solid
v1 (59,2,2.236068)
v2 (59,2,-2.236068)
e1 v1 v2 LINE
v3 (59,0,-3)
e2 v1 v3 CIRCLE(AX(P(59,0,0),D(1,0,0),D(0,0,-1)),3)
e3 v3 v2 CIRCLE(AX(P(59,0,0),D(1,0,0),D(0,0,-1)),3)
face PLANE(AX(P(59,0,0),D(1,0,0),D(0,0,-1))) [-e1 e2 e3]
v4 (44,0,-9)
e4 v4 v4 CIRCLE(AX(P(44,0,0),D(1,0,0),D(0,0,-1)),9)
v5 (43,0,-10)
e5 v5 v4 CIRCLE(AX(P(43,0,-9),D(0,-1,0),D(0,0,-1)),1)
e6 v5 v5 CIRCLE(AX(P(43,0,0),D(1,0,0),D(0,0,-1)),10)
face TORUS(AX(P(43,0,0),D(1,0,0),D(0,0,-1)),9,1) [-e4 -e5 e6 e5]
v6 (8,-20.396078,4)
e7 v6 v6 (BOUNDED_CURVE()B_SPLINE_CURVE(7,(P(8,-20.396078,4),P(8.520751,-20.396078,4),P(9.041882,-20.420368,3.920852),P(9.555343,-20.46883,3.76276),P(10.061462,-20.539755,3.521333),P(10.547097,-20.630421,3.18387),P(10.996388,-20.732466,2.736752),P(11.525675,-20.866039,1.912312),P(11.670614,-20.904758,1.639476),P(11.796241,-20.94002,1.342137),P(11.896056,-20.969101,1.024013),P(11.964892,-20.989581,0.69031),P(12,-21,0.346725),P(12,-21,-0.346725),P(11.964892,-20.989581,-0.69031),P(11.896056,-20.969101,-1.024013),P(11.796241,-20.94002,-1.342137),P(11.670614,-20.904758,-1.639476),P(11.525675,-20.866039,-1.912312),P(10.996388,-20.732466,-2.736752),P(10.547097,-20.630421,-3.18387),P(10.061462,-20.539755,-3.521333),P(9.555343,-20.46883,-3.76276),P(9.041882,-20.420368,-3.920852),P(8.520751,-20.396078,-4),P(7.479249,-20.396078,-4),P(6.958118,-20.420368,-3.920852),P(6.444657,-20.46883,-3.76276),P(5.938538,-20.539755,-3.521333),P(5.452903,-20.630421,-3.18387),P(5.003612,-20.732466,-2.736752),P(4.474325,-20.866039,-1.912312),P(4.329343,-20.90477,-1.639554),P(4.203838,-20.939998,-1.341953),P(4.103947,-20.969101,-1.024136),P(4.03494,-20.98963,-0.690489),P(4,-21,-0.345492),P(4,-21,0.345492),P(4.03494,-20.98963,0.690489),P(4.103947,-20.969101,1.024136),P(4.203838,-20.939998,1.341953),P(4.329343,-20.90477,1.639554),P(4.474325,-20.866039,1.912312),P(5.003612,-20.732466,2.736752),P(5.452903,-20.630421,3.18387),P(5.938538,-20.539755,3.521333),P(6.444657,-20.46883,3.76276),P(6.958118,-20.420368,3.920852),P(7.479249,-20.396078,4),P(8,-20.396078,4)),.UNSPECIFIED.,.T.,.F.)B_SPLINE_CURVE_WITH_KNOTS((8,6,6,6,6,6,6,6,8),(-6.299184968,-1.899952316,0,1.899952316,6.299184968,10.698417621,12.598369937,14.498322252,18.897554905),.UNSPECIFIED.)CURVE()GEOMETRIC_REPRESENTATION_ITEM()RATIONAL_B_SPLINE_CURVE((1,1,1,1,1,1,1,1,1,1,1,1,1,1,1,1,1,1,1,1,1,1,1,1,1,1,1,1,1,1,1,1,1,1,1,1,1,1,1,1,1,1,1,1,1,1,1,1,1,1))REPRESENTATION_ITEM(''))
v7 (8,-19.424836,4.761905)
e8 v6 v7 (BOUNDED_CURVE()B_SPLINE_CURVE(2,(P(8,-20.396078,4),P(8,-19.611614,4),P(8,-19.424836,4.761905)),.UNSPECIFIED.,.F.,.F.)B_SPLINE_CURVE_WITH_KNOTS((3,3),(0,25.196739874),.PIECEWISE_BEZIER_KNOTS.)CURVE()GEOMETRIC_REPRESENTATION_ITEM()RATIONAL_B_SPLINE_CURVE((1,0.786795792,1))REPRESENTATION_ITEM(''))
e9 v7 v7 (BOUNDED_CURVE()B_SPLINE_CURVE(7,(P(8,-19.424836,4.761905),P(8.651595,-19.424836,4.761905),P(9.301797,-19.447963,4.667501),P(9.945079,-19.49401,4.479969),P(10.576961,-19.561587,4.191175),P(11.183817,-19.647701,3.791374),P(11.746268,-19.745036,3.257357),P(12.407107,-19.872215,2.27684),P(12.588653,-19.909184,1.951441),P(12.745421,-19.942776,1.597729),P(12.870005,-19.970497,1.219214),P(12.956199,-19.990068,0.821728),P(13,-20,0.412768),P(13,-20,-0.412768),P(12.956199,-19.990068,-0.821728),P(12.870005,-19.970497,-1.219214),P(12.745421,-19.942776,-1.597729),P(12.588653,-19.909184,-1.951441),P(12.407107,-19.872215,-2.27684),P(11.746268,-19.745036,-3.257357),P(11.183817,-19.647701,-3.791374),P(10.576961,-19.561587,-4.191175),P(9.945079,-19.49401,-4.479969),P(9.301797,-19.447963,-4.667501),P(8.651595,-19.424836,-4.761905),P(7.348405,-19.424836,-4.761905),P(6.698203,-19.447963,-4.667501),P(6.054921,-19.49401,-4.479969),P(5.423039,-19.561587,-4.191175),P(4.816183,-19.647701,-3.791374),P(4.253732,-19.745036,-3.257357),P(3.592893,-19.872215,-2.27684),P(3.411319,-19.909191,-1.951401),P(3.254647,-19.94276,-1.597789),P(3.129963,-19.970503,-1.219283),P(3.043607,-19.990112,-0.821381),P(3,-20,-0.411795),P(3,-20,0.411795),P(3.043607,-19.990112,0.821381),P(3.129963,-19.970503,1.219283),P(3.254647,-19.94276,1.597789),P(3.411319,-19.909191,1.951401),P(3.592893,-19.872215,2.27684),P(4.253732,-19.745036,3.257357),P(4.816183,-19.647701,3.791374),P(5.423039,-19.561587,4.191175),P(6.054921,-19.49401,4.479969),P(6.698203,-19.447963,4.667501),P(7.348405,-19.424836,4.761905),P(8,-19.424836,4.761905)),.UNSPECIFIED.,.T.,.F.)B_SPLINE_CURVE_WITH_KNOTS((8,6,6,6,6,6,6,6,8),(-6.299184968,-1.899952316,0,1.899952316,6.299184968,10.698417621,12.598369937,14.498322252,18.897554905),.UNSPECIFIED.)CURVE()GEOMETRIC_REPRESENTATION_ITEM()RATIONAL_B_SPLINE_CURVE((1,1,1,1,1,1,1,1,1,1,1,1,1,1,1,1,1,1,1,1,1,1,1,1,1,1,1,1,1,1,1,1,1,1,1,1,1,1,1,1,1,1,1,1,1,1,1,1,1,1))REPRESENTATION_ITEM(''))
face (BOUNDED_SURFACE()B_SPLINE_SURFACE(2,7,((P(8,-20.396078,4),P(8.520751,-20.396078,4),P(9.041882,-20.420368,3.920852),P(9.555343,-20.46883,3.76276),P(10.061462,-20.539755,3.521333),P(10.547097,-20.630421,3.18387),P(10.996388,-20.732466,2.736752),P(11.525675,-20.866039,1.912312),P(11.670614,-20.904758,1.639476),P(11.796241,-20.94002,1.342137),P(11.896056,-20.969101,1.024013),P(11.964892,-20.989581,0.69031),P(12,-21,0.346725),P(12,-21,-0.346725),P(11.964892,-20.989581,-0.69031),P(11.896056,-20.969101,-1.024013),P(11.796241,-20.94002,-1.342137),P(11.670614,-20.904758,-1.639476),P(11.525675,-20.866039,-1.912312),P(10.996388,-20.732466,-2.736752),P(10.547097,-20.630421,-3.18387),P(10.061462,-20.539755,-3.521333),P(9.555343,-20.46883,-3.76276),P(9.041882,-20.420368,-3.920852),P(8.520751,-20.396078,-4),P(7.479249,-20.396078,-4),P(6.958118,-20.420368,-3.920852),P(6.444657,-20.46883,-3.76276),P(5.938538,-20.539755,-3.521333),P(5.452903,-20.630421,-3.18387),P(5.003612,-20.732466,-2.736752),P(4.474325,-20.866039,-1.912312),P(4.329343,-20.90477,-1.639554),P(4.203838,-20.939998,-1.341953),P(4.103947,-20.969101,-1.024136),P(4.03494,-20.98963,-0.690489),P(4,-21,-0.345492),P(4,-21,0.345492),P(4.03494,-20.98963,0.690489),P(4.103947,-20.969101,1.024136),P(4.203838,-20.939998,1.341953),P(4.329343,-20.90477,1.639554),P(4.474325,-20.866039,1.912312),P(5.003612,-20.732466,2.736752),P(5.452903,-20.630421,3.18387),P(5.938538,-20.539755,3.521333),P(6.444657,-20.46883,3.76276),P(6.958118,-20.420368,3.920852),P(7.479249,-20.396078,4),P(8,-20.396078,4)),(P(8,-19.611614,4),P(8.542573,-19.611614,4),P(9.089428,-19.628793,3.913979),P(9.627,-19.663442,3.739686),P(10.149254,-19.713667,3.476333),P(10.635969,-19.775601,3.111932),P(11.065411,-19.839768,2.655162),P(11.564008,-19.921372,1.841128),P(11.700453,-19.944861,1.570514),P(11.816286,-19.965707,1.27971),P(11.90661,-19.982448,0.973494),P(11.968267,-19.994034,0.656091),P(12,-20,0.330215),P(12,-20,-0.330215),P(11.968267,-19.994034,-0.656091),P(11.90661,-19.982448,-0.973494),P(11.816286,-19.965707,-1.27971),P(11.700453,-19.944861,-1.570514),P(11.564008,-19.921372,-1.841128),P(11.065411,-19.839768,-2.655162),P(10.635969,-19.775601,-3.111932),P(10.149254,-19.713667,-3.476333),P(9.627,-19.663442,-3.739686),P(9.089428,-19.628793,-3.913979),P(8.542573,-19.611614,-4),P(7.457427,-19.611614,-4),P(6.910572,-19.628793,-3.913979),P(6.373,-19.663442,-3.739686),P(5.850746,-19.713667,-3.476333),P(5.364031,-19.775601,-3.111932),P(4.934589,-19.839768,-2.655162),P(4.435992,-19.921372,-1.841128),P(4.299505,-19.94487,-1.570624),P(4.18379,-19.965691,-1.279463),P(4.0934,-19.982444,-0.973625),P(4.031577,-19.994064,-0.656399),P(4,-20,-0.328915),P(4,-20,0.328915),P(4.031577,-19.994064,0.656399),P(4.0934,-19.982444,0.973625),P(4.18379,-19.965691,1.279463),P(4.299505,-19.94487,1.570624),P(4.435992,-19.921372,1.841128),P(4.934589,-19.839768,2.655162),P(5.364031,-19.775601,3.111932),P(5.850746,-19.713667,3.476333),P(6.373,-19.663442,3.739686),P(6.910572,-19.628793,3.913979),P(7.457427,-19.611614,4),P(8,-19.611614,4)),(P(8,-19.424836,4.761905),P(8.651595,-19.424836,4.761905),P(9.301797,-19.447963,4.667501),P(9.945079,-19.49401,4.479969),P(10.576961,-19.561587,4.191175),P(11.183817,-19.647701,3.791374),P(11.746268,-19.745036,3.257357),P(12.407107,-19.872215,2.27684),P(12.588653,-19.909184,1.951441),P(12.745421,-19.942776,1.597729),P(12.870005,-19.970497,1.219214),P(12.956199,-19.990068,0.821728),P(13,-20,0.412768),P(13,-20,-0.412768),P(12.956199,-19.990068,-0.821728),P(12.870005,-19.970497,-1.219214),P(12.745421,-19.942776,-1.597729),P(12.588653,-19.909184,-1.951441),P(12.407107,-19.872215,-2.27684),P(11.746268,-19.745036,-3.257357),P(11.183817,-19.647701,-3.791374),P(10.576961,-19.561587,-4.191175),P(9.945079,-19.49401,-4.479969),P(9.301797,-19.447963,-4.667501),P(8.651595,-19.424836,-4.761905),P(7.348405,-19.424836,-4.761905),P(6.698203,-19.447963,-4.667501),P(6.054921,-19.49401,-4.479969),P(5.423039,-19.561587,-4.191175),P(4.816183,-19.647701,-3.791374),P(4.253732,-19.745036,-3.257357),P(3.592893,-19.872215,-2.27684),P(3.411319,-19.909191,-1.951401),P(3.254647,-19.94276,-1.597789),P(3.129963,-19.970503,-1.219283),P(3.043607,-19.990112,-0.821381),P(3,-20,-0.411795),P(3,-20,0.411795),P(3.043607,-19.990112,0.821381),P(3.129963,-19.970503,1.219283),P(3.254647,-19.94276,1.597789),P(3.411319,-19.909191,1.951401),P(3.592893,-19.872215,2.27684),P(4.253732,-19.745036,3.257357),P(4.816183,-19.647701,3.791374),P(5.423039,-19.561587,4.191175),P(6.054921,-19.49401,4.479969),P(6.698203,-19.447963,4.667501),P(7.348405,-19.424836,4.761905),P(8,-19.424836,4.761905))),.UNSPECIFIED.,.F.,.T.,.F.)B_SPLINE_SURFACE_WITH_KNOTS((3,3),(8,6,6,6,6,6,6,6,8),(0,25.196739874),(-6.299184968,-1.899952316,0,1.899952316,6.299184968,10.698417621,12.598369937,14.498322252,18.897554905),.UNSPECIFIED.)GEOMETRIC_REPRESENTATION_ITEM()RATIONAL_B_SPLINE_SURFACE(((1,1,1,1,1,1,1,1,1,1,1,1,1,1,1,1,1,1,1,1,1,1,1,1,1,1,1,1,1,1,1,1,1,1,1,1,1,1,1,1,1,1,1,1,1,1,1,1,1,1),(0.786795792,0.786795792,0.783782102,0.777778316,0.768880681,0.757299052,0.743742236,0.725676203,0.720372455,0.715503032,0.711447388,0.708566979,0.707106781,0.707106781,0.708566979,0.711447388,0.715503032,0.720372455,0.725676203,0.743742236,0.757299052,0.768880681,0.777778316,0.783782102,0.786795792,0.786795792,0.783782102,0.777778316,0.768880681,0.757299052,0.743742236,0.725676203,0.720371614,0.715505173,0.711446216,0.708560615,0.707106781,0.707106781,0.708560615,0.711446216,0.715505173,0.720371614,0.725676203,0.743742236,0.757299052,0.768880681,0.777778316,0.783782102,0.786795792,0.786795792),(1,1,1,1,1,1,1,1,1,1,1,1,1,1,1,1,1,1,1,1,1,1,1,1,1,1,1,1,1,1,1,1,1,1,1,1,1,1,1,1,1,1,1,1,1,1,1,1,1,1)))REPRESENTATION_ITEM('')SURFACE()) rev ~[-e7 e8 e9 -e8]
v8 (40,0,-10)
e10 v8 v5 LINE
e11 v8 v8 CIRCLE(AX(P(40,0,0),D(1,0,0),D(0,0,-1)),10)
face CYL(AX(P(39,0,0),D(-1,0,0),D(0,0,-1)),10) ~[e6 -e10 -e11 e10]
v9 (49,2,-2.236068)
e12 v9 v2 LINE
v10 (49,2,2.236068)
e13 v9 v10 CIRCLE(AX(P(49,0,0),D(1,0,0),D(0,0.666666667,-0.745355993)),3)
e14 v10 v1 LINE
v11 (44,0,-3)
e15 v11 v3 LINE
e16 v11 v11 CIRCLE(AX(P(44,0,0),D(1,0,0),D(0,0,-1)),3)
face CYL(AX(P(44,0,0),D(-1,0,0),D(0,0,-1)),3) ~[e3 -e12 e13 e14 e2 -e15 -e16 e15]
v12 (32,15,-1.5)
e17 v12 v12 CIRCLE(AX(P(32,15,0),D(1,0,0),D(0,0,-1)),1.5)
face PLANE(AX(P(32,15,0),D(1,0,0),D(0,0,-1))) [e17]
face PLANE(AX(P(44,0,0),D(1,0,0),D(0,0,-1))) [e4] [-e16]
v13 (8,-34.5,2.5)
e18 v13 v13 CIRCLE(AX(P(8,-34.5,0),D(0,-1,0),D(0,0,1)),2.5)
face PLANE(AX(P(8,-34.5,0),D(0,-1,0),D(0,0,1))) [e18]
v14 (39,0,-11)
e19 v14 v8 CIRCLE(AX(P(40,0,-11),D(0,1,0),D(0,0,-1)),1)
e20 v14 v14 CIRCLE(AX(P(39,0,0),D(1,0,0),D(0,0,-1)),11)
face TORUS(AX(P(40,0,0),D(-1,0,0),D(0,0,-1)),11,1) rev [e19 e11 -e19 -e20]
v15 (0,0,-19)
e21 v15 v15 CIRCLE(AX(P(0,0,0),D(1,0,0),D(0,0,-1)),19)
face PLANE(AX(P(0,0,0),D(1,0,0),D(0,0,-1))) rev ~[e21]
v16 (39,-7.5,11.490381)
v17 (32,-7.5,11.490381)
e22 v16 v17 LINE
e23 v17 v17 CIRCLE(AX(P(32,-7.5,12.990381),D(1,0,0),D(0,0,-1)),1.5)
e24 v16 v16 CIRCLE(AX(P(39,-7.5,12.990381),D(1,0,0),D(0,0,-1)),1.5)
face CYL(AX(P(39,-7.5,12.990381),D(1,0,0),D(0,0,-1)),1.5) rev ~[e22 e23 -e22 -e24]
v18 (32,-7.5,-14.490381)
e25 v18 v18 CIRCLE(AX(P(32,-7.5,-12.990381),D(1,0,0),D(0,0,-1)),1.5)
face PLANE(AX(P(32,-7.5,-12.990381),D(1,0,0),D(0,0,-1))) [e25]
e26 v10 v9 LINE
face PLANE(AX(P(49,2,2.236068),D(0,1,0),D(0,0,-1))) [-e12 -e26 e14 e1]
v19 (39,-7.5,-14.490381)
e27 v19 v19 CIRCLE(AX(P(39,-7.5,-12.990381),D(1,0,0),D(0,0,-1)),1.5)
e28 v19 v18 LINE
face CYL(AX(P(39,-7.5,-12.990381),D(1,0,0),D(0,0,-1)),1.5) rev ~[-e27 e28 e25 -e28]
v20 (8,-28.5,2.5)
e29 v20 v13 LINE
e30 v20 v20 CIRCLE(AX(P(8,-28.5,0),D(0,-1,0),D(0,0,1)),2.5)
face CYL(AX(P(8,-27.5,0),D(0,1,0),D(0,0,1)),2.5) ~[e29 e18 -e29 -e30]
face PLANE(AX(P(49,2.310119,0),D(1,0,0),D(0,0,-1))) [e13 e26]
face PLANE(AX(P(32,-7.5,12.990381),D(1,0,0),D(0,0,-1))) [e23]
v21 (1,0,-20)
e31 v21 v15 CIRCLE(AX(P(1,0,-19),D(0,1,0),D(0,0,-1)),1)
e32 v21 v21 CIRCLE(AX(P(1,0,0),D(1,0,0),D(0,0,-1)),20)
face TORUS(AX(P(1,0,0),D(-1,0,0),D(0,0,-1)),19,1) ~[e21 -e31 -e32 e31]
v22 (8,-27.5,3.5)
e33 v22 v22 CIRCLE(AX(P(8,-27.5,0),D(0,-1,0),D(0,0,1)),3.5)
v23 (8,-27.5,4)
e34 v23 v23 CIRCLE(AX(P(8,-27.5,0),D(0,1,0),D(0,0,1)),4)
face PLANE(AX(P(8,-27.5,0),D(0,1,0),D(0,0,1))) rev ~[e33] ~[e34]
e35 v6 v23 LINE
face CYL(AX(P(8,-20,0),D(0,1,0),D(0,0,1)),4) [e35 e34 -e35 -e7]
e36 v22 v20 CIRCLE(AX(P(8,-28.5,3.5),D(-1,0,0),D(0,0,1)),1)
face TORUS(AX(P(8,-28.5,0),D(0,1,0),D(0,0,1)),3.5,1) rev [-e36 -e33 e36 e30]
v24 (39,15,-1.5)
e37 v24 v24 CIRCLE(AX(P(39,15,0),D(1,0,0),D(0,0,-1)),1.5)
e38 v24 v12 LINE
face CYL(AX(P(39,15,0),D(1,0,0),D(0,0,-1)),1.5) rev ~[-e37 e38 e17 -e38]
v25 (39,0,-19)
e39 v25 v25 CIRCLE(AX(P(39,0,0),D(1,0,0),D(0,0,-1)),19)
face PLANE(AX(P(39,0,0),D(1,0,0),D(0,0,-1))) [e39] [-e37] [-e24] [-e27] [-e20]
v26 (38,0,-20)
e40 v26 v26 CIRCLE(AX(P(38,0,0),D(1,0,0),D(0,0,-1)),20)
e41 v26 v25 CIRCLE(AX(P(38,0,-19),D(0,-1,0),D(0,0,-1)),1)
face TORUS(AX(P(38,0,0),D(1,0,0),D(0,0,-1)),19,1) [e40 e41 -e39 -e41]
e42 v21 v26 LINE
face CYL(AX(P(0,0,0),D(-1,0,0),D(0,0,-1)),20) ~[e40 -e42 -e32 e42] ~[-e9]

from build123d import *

# Parameters (mm, degrees)
SKETCH2_R                       = 20
BOSS_EXTRUDE1_DEPTH             = 39
SKETCH3_R                       = 10
BOSS_EXTRUDE2_DEPTH             = 5
SKETCH4_R                       = 3
BOSS_EXTRUDE3_DEPTH             = 15
CUT_EXTRUDE1_START              = -10
CUT_EXTRUDE1_DEPTH              = 10
SKETCH6_R                       = 1.5
CUT_EXTRUDE2_DEPTH              = 7
BOSS_EXTRUDE4_REACH             = 76.034
BOSS_EXTRUDE4_END_RADIUS        = 20
SKETCH8_R                       = 4
BOSS_EXTRUDE4_DIRECTION_2_DEPTH = 7.5
SKETCH9_R                       = 2.5
BOSS_EXTRUDE5_DEPTH             = 7
FILLET1_R                       = 1


with BuildPart() as part:
    # Sketch2 → Boss-Extrude1 (new body)
    with BuildSketch(Plane(origin=(0, 0, 0), x_dir=(0, 0, -1), z_dir=(1, 0, 0))):
        Circle(SKETCH2_R)
    extrude(amount=BOSS_EXTRUDE1_DEPTH)

    # Sketch3 → Boss-Extrude2 (add)
    with BuildSketch(Plane(origin=(39, 0, 0), x_dir=(0, 0, -1), z_dir=(1, 0, 0))):
        Circle(SKETCH3_R)
    extrude(amount=BOSS_EXTRUDE2_DEPTH)

    # Sketch4 → Boss-Extrude3 (add)
    with BuildSketch(Plane(origin=(44, 0, 0), x_dir=(0, 0, -1), z_dir=(1, 0, 0))):
        Circle(SKETCH4_R)
    extrude(amount=BOSS_EXTRUDE3_DEPTH)

    # Sketch5 → Cut-Extrude1 (cut)
    with BuildSketch(Plane(origin=(59, 0, 0), x_dir=(0, 0, -1), z_dir=(1, 0, 0)).offset(CUT_EXTRUDE1_START)):
        with BuildLine():
            Line((-2.236067977, 2), (2.236067977, 2))
            ThreePointArc((2.236067977, 2), (0, 3), (-2.236067977, 2))
        make_face()
    extrude(amount=CUT_EXTRUDE1_DEPTH, mode=Mode.SUBTRACT)

    # Sketch6 → Cut-Extrude2 (cut)
    with BuildSketch(Plane(origin=(39, 0, 0), x_dir=(0, 0, -1), z_dir=(1, 0, 0))):
        with Locations((0, 15)):
            Circle(SKETCH6_R)
        with Locations((12.990381057, -7.5)):
            Circle(SKETCH6_R)
        with Locations((-12.990381057, -7.5)):
            Circle(SKETCH6_R)
    extrude(amount=-CUT_EXTRUDE2_DEPTH, mode=Mode.SUBTRACT)

    # Boss-Extrude4: up to this cylinder (the profile starts outside it)
    boss_extrude4_end = Plane(origin=(8, 0, 0), z_dir=(-1, 0, 0)) * Cylinder(BOSS_EXTRUDE4_END_RADIUS, 193.068, mode=Mode.PRIVATE)
    # Sketch8 → Boss-Extrude4 (add, up to the surface)
    with BuildSketch(Plane(origin=(0, -20, 0), x_dir=(1, 0, 0), z_dir=(0, 1, 0)), mode=Mode.PRIVATE) as boss_extrude4_sk1:
        with Locations((8, 0)):
            Circle(SKETCH8_R)
    boss_extrude4_tool1 = extrude(boss_extrude4_sk1.sketch, amount=BOSS_EXTRUDE4_REACH, mode=Mode.PRIVATE) - boss_extrude4_end
    add(boss_extrude4_tool1.solids().sort_by_distance((8, -20, 0))[0])
    add(boss_extrude4_tool1.solids().sort_by_distance((8, -20, 0))[1])

    # Sketch8 → Boss-Extrude4 direction 2 (add)
    with BuildSketch(Plane(origin=(0, -20, 0), x_dir=(1, 0, 0), z_dir=(0, 1, 0))):
        with Locations((8, 0)):
            Circle(SKETCH8_R)
    extrude(amount=-BOSS_EXTRUDE4_DIRECTION_2_DEPTH)

    # Sketch9 → Boss-Extrude5 (add)
    with BuildSketch(Plane.XZ.offset(27.5)):
        with Locations((8, 0)):
            Circle(SKETCH9_R)
    extrude(amount=BOSS_EXTRUDE5_DEPTH)

    # Fillet1
    fillet1_edges = [part.edges().sort_by_distance(p)[0] for p in [
        (0, 0, 20),
        (39, 0, 20),
        (4, -20, 0),
        (5.5, -27.5, 0),
        (39, 0, 10),
        (44, 0, 10),
    ]]
    fillet(fillet1_edges, radius=FILLET1_R)


solid = part.part
